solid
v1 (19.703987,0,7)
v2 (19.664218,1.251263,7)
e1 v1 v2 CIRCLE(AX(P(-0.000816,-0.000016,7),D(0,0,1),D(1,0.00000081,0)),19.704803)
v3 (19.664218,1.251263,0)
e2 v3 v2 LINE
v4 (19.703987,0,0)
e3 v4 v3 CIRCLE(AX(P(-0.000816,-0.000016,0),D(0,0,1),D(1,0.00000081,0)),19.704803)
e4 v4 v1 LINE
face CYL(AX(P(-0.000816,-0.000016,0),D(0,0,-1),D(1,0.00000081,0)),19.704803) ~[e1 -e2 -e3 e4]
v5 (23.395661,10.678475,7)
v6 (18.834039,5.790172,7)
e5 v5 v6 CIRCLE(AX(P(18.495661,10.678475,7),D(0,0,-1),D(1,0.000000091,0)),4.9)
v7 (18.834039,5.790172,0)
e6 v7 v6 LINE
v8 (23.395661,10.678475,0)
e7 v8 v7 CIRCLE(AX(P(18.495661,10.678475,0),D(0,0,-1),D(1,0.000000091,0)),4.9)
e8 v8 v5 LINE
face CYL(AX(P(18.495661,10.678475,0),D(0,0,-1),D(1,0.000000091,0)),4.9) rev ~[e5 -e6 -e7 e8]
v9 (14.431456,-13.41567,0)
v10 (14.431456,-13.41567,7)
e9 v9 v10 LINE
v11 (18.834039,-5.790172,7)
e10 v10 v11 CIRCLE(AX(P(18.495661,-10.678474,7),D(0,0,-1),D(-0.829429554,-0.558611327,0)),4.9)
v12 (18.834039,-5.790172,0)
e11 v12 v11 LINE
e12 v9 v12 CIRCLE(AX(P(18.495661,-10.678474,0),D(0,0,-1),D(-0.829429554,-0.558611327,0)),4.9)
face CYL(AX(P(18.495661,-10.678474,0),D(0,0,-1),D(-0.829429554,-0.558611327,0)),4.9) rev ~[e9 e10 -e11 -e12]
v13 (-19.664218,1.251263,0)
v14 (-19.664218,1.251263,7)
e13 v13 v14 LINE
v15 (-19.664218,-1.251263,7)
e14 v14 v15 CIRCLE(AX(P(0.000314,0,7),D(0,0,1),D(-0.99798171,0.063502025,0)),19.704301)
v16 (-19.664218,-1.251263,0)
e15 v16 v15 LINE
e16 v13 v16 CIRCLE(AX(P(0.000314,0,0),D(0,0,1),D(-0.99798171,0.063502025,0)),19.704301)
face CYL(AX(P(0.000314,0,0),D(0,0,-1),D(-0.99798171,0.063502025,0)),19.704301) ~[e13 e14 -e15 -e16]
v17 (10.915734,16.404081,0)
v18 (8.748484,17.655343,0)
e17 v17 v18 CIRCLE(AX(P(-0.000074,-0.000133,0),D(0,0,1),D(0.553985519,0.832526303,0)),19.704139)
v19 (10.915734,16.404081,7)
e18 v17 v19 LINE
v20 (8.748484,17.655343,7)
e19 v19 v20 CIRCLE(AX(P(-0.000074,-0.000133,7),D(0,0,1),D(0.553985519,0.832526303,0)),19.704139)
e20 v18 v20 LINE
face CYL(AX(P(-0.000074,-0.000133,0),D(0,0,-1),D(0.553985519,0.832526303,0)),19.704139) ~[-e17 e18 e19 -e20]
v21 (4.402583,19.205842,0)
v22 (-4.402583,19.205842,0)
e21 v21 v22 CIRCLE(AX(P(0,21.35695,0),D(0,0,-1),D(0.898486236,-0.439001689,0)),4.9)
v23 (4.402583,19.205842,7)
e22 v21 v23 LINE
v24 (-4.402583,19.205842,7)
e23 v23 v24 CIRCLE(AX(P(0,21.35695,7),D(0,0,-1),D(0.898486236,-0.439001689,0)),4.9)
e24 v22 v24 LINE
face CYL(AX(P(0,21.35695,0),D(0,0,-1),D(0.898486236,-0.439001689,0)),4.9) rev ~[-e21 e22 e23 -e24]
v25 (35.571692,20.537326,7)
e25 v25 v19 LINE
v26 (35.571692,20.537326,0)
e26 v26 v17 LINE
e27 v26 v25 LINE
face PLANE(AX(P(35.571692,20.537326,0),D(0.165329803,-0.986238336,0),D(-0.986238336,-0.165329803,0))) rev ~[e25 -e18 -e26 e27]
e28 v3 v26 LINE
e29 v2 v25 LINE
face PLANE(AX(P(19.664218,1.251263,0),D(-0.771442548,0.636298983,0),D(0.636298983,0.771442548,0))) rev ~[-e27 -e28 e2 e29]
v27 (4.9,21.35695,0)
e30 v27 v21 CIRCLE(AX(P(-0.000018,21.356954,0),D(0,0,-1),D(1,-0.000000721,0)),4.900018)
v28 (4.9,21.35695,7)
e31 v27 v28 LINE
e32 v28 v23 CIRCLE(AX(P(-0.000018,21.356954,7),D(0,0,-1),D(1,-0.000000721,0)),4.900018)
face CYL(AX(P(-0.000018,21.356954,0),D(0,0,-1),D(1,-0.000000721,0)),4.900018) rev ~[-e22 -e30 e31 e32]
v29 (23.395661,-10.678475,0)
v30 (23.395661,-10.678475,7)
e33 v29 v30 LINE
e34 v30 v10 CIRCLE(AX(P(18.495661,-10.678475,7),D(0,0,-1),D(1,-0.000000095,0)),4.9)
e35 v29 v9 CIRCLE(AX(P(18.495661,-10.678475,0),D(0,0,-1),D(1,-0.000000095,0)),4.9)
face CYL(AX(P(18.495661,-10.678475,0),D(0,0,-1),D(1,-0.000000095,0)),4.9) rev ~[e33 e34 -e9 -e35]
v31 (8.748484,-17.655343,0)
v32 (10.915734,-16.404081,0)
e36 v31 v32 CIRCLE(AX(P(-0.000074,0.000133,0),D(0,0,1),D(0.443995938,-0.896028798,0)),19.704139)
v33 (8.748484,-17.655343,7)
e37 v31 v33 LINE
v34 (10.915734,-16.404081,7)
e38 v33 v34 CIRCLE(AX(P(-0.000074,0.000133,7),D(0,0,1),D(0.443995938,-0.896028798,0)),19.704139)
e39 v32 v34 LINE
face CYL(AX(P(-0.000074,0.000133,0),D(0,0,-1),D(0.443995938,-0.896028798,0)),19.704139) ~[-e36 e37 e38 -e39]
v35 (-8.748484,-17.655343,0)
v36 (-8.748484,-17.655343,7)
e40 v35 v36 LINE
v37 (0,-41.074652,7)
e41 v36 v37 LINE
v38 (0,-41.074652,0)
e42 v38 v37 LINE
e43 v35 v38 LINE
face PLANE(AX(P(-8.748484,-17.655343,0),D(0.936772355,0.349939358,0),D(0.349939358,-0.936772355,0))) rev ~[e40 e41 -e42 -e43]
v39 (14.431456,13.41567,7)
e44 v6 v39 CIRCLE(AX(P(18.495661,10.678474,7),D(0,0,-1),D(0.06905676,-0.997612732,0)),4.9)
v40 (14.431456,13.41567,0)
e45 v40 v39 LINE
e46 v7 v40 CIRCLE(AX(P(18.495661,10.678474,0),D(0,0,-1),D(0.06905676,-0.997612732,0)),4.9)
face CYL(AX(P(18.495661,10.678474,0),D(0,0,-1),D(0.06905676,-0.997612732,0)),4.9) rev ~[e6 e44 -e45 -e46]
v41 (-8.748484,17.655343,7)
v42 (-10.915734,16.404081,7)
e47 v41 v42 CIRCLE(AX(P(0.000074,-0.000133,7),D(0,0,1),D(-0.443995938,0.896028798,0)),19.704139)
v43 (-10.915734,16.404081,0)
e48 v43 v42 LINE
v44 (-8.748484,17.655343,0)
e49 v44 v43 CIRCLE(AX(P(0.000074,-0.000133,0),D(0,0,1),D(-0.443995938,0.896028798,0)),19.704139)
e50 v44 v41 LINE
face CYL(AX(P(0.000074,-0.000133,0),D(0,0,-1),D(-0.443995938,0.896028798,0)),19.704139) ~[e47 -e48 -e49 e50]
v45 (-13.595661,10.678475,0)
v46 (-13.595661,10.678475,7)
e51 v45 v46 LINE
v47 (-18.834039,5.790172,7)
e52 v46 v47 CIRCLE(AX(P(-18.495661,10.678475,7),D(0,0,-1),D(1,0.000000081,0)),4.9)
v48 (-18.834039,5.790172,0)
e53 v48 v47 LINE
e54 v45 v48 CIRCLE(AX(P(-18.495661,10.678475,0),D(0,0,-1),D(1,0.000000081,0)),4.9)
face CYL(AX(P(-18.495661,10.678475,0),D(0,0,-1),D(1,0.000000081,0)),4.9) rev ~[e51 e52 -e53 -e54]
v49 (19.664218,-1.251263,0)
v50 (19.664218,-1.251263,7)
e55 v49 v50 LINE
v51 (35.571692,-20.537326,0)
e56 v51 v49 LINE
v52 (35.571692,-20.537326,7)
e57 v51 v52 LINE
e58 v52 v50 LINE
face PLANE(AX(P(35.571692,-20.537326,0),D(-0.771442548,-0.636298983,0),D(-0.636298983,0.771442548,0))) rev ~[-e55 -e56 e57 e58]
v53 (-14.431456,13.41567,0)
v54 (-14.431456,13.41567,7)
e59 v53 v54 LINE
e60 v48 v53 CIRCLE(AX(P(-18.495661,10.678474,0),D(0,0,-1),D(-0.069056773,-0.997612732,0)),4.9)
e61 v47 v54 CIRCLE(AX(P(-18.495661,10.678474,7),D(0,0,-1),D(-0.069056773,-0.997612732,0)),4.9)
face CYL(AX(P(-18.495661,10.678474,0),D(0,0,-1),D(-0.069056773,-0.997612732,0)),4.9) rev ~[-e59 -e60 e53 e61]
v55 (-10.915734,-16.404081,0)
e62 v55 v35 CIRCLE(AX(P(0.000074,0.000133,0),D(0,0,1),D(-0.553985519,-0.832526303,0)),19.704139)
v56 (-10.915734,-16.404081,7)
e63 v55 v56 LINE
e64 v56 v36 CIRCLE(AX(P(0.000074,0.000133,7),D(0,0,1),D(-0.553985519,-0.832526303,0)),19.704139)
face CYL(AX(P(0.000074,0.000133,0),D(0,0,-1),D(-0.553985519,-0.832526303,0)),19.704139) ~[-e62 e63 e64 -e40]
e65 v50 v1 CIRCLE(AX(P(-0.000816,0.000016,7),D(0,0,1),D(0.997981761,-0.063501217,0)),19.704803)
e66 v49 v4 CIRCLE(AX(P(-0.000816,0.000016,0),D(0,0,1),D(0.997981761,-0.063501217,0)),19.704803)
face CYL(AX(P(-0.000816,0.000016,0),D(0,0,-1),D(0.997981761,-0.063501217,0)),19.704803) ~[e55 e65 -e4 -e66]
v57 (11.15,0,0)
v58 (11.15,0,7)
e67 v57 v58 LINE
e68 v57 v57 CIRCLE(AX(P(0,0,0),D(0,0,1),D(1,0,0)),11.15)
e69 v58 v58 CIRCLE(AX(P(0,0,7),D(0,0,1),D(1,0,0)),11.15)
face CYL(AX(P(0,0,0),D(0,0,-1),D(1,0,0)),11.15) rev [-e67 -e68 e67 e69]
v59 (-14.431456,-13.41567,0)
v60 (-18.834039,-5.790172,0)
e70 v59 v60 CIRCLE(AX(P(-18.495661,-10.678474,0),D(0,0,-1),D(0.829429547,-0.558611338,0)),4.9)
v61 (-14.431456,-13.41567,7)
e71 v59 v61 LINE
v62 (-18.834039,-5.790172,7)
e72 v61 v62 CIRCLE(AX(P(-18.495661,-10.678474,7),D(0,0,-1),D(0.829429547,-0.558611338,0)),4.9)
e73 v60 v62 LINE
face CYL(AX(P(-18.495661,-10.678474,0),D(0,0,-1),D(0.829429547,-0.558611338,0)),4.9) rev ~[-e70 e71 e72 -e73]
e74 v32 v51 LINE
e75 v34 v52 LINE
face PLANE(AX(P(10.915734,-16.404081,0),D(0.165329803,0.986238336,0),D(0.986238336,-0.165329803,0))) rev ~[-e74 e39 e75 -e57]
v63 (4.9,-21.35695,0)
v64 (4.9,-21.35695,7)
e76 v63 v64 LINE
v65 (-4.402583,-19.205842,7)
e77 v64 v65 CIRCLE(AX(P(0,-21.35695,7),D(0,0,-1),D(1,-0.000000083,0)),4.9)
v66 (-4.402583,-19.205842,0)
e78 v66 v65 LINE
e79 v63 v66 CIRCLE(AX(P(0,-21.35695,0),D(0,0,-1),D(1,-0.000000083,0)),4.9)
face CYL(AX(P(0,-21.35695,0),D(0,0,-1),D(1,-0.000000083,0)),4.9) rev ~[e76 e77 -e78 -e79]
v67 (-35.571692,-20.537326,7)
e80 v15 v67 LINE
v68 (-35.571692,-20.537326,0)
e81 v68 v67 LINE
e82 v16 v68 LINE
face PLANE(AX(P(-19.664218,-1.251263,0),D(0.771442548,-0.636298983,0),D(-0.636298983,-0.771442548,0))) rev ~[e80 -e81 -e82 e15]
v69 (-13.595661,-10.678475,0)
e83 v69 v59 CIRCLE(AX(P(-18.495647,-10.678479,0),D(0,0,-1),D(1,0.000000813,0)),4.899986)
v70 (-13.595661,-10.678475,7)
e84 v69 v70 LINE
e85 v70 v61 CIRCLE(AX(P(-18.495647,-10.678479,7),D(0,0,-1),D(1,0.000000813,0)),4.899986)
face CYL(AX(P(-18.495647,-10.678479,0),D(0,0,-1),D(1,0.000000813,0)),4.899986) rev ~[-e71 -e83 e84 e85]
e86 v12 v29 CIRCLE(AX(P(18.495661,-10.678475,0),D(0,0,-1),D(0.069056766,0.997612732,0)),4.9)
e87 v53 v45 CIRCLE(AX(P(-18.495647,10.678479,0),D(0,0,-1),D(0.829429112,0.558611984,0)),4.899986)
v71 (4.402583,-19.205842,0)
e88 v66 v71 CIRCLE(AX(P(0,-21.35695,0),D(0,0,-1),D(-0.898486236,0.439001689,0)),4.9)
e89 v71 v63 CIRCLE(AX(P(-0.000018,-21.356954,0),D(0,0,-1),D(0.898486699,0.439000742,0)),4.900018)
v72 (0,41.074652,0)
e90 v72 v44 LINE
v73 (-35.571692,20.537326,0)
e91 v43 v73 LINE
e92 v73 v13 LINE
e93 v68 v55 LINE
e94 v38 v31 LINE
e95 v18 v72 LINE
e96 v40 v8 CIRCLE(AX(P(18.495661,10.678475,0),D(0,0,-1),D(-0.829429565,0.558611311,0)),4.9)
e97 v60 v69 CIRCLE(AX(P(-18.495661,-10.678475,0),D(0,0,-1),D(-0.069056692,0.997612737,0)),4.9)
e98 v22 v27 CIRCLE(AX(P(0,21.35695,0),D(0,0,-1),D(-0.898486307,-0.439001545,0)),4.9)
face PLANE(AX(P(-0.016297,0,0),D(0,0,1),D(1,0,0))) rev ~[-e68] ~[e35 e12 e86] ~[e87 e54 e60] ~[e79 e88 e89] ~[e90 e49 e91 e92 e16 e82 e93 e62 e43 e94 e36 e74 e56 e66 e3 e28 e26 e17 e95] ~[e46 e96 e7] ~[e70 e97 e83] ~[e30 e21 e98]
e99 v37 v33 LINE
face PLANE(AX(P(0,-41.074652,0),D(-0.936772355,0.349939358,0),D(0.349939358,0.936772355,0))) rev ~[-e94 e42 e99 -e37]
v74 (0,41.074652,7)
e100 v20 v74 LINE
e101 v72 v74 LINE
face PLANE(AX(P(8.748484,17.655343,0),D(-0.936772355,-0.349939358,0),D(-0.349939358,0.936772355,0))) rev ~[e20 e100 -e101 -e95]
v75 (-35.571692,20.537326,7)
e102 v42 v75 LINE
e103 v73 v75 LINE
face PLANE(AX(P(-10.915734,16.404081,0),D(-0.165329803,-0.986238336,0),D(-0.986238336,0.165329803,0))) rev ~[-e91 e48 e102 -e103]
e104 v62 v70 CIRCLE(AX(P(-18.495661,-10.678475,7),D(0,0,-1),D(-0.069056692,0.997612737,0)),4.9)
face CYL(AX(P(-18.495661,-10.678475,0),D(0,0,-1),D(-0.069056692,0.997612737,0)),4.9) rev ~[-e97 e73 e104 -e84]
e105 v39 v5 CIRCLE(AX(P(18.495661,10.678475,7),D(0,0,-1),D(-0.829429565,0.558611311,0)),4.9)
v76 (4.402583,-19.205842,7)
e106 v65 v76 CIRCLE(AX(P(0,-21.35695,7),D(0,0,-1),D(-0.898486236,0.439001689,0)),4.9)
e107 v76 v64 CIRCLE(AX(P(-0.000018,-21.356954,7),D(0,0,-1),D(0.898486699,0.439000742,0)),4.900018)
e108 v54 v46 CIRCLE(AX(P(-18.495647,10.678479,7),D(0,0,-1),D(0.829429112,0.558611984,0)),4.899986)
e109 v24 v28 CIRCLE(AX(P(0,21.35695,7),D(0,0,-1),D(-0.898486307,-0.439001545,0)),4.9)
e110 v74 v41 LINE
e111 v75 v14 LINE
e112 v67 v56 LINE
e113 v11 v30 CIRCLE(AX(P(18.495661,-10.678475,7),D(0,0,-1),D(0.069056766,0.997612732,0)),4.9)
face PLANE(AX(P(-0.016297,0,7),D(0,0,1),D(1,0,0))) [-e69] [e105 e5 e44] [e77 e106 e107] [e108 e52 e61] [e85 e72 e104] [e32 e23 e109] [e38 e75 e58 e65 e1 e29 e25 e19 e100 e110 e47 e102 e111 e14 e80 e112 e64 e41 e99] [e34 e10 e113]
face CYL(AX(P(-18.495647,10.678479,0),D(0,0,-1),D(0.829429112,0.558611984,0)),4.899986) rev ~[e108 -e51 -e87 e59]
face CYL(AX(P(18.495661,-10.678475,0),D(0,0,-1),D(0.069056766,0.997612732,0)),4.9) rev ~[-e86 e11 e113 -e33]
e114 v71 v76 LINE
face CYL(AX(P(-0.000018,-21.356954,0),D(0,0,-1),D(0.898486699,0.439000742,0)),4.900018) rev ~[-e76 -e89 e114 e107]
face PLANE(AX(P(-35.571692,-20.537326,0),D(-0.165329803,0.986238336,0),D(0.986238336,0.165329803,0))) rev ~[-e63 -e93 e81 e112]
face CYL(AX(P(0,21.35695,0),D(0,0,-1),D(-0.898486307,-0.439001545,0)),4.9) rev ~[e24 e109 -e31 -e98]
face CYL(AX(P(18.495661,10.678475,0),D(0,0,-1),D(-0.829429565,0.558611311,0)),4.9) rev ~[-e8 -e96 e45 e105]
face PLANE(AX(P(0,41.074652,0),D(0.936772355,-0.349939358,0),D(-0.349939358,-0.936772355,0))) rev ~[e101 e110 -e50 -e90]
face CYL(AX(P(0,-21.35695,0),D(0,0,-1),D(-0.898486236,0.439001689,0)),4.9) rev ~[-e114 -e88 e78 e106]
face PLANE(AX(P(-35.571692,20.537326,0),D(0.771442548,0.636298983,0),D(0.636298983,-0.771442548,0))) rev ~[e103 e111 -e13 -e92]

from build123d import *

# Parameters (mm, degrees)
F0_R     = 11.15
F1_DEPTH = 7


with BuildPart() as f1:
    # F0 (on Top) → F1 (new body)
    with BuildSketch(Plane.XY):
        with BuildLine():
            ThreePointArc((19.664218, -1.251263), (19.694042, -0.625947), (19.703987, 0))
            ThreePointArc((19.703987, 0), (19.694042, 0.625947), (19.664218, 1.251263))
            ThreePointArc((19.664218, 1.251263), (19.38245, 3.545102), (18.834039, 5.790172))
            ThreePointArc((18.834039, 5.790172), (14.252136, 8.228475), (14.431456, 13.41567))
            ThreePointArc((14.431456, 13.41567), (12.761374, 15.013143), (10.915734, 16.404081))
            ThreePointArc((10.915734, 16.404081), (9.851994, 17.064153), (8.748484, 17.655343))
            ThreePointArc((8.748484, 17.655343), (6.621076, 18.558245), (4.402583, 19.205842))
            ThreePointArc((4.402583, 19.205842), (0, 16.45695), (-4.402583, 19.205842))
            ThreePointArc((-4.402583, 19.205842), (-6.621076, 18.558245), (-8.748484, 17.655343))
            ThreePointArc((-8.748484, 17.655343), (-9.851994, 17.064153), (-10.915734, 16.404081))
            ThreePointArc((-10.915734, 16.404081), (-12.761374, 15.013143), (-14.431456, 13.41567))
            ThreePointArc((-14.431456, 13.41567), (-13.809265, 12.109453), (-13.595661, 10.678475))
            ThreePointArc((-13.595661, 10.678475), (-15.152612, 7.096014), (-18.834039, 5.790172))
            ThreePointArc((-18.834039, 5.790172), (-19.38245, 3.545102), (-19.664218, 1.251263))
            ThreePointArc((-19.664218, 1.251263), (-19.703987, 0), (-19.664218, -1.251263))
            ThreePointArc((-19.664218, -1.251263), (-19.38245, -3.545102), (-18.834039, -5.790172))
            ThreePointArc((-18.834039, -5.790172), (-15.152612, -7.096014), (-13.595661, -10.678475))
            ThreePointArc((-13.595661, -10.678475), (-13.809265, -12.109453), (-14.431456, -13.41567))
            ThreePointArc((-14.431456, -13.41567), (-12.761374, -15.013143), (-10.915734, -16.404081))
            ThreePointArc((-10.915734, -16.404081), (-9.851994, -17.064153), (-8.748484, -17.655343))
            ThreePointArc((-8.748484, -17.655343), (-6.621076, -18.558245), (-4.402583, -19.205842))
            ThreePointArc((-4.402583, -19.205842), (0, -16.45695), (4.402583, -19.205842))
            ThreePointArc((4.402583, -19.205842), (6.621076, -18.558245), (8.748484, -17.655343))
            ThreePointArc((8.748484, -17.655343), (9.851994, -17.064153), (10.915734, -16.404081))
            ThreePointArc((10.915734, -16.404081), (12.761374, -15.013143), (14.431456, -13.41567))
            ThreePointArc((14.431456, -13.41567), (14.252136, -8.228475), (18.834039, -5.790172))
            ThreePointArc((18.834039, -5.790172), (19.38245, -3.545102), (19.664218, -1.251263))
        make_face()
        Circle(F0_R, mode=Mode.SUBTRACT)
        with BuildLine():
            ThreePointArc((18.834039, 5.790172), (19.38245, 3.545102), (19.664218, 1.251263))
            Line((19.664218, 1.251263), (35.571692, 20.537326))
            Line((35.571692, 20.537326), (10.915734, 16.404081))
            ThreePointArc((10.915734, 16.404081), (12.761374, 15.013143), (14.431456, 13.41567))
            ThreePointArc((14.431456, 13.41567), (19.926639, 15.36487), (23.395661, 10.678475))
            ThreePointArc((23.395661, 10.678475), (22.078122, 7.335426), (18.834039, 5.790172))
        make_face()
        with BuildLine():
            ThreePointArc((4.402583, 19.205842), (6.621076, 18.558245), (8.748484, 17.655343))
            Line((8.748484, 17.655343), (0, 41.074652))
            Line((0, 41.074652), (-8.748484, 17.655343))
            ThreePointArc((-8.748484, 17.655343), (-6.621076, 18.558245), (-4.402583, 19.205842))
            ThreePointArc((-4.402583, 19.205842), (-1.103935, 26.130976), (4.9, 21.35695))
            ThreePointArc((4.9, 21.35695), (4.774026, 20.253015), (4.402583, 19.205842))
        make_face()
        with BuildLine():
            ThreePointArc((-14.431456, 13.41567), (-12.761374, 15.013143), (-10.915734, 16.404081))
            Line((-10.915734, 16.404081), (-35.571692, 20.537326))
            Line((-35.571692, 20.537326), (-19.664218, 1.251263))
            ThreePointArc((-19.664218, 1.251263), (-19.38245, 3.545102), (-18.834039, 5.790172))
            ThreePointArc((-18.834039, 5.790172), (-22.739185, 13.128475), (-14.431456, 13.41567))
        make_face()
        with BuildLine():
            Line((-35.571692, -20.537326), (-10.915734, -16.404081))
            ThreePointArc((-10.915734, -16.404081), (-12.761374, -15.013143), (-14.431456, -13.41567))
            ThreePointArc((-14.431456, -13.41567), (-22.739185, -13.128475), (-18.834039, -5.790172))
            ThreePointArc((-18.834039, -5.790172), (-19.38245, -3.545102), (-19.664218, -1.251263))
            Line((-19.664218, -1.251263), (-35.571692, -20.537326))
        make_face()
        with BuildLine():
            Line((35.571692, -20.537326), (19.664218, -1.251263))
            ThreePointArc((19.664218, -1.251263), (19.38245, -3.545102), (18.834039, -5.790172))
            ThreePointArc((18.834039, -5.790172), (22.078122, -7.335426), (23.395661, -10.678475))
            ThreePointArc((23.395661, -10.678475), (19.926639, -15.36487), (14.431456, -13.41567))
            ThreePointArc((14.431456, -13.41567), (12.761374, -15.013143), (10.915734, -16.404081))
            Line((10.915734, -16.404081), (35.571692, -20.537326))
        make_face()
        with BuildLine():
            Line((0, -41.074652), (8.748484, -17.655343))
            ThreePointArc((8.748484, -17.655343), (6.621076, -18.558245), (4.402583, -19.205842))
            ThreePointArc((4.402583, -19.205842), (4.774026, -20.253015), (4.9, -21.35695))
            ThreePointArc((4.9, -21.35695), (-1.103935, -26.130976), (-4.402583, -19.205842))
            ThreePointArc((-4.402583, -19.205842), (-6.621076, -18.558245), (-8.748484, -17.655343))
            Line((-8.748484, -17.655343), (0, -41.074652))
        make_face()
    extrude(amount=F1_DEPTH)


solid = f1.part
